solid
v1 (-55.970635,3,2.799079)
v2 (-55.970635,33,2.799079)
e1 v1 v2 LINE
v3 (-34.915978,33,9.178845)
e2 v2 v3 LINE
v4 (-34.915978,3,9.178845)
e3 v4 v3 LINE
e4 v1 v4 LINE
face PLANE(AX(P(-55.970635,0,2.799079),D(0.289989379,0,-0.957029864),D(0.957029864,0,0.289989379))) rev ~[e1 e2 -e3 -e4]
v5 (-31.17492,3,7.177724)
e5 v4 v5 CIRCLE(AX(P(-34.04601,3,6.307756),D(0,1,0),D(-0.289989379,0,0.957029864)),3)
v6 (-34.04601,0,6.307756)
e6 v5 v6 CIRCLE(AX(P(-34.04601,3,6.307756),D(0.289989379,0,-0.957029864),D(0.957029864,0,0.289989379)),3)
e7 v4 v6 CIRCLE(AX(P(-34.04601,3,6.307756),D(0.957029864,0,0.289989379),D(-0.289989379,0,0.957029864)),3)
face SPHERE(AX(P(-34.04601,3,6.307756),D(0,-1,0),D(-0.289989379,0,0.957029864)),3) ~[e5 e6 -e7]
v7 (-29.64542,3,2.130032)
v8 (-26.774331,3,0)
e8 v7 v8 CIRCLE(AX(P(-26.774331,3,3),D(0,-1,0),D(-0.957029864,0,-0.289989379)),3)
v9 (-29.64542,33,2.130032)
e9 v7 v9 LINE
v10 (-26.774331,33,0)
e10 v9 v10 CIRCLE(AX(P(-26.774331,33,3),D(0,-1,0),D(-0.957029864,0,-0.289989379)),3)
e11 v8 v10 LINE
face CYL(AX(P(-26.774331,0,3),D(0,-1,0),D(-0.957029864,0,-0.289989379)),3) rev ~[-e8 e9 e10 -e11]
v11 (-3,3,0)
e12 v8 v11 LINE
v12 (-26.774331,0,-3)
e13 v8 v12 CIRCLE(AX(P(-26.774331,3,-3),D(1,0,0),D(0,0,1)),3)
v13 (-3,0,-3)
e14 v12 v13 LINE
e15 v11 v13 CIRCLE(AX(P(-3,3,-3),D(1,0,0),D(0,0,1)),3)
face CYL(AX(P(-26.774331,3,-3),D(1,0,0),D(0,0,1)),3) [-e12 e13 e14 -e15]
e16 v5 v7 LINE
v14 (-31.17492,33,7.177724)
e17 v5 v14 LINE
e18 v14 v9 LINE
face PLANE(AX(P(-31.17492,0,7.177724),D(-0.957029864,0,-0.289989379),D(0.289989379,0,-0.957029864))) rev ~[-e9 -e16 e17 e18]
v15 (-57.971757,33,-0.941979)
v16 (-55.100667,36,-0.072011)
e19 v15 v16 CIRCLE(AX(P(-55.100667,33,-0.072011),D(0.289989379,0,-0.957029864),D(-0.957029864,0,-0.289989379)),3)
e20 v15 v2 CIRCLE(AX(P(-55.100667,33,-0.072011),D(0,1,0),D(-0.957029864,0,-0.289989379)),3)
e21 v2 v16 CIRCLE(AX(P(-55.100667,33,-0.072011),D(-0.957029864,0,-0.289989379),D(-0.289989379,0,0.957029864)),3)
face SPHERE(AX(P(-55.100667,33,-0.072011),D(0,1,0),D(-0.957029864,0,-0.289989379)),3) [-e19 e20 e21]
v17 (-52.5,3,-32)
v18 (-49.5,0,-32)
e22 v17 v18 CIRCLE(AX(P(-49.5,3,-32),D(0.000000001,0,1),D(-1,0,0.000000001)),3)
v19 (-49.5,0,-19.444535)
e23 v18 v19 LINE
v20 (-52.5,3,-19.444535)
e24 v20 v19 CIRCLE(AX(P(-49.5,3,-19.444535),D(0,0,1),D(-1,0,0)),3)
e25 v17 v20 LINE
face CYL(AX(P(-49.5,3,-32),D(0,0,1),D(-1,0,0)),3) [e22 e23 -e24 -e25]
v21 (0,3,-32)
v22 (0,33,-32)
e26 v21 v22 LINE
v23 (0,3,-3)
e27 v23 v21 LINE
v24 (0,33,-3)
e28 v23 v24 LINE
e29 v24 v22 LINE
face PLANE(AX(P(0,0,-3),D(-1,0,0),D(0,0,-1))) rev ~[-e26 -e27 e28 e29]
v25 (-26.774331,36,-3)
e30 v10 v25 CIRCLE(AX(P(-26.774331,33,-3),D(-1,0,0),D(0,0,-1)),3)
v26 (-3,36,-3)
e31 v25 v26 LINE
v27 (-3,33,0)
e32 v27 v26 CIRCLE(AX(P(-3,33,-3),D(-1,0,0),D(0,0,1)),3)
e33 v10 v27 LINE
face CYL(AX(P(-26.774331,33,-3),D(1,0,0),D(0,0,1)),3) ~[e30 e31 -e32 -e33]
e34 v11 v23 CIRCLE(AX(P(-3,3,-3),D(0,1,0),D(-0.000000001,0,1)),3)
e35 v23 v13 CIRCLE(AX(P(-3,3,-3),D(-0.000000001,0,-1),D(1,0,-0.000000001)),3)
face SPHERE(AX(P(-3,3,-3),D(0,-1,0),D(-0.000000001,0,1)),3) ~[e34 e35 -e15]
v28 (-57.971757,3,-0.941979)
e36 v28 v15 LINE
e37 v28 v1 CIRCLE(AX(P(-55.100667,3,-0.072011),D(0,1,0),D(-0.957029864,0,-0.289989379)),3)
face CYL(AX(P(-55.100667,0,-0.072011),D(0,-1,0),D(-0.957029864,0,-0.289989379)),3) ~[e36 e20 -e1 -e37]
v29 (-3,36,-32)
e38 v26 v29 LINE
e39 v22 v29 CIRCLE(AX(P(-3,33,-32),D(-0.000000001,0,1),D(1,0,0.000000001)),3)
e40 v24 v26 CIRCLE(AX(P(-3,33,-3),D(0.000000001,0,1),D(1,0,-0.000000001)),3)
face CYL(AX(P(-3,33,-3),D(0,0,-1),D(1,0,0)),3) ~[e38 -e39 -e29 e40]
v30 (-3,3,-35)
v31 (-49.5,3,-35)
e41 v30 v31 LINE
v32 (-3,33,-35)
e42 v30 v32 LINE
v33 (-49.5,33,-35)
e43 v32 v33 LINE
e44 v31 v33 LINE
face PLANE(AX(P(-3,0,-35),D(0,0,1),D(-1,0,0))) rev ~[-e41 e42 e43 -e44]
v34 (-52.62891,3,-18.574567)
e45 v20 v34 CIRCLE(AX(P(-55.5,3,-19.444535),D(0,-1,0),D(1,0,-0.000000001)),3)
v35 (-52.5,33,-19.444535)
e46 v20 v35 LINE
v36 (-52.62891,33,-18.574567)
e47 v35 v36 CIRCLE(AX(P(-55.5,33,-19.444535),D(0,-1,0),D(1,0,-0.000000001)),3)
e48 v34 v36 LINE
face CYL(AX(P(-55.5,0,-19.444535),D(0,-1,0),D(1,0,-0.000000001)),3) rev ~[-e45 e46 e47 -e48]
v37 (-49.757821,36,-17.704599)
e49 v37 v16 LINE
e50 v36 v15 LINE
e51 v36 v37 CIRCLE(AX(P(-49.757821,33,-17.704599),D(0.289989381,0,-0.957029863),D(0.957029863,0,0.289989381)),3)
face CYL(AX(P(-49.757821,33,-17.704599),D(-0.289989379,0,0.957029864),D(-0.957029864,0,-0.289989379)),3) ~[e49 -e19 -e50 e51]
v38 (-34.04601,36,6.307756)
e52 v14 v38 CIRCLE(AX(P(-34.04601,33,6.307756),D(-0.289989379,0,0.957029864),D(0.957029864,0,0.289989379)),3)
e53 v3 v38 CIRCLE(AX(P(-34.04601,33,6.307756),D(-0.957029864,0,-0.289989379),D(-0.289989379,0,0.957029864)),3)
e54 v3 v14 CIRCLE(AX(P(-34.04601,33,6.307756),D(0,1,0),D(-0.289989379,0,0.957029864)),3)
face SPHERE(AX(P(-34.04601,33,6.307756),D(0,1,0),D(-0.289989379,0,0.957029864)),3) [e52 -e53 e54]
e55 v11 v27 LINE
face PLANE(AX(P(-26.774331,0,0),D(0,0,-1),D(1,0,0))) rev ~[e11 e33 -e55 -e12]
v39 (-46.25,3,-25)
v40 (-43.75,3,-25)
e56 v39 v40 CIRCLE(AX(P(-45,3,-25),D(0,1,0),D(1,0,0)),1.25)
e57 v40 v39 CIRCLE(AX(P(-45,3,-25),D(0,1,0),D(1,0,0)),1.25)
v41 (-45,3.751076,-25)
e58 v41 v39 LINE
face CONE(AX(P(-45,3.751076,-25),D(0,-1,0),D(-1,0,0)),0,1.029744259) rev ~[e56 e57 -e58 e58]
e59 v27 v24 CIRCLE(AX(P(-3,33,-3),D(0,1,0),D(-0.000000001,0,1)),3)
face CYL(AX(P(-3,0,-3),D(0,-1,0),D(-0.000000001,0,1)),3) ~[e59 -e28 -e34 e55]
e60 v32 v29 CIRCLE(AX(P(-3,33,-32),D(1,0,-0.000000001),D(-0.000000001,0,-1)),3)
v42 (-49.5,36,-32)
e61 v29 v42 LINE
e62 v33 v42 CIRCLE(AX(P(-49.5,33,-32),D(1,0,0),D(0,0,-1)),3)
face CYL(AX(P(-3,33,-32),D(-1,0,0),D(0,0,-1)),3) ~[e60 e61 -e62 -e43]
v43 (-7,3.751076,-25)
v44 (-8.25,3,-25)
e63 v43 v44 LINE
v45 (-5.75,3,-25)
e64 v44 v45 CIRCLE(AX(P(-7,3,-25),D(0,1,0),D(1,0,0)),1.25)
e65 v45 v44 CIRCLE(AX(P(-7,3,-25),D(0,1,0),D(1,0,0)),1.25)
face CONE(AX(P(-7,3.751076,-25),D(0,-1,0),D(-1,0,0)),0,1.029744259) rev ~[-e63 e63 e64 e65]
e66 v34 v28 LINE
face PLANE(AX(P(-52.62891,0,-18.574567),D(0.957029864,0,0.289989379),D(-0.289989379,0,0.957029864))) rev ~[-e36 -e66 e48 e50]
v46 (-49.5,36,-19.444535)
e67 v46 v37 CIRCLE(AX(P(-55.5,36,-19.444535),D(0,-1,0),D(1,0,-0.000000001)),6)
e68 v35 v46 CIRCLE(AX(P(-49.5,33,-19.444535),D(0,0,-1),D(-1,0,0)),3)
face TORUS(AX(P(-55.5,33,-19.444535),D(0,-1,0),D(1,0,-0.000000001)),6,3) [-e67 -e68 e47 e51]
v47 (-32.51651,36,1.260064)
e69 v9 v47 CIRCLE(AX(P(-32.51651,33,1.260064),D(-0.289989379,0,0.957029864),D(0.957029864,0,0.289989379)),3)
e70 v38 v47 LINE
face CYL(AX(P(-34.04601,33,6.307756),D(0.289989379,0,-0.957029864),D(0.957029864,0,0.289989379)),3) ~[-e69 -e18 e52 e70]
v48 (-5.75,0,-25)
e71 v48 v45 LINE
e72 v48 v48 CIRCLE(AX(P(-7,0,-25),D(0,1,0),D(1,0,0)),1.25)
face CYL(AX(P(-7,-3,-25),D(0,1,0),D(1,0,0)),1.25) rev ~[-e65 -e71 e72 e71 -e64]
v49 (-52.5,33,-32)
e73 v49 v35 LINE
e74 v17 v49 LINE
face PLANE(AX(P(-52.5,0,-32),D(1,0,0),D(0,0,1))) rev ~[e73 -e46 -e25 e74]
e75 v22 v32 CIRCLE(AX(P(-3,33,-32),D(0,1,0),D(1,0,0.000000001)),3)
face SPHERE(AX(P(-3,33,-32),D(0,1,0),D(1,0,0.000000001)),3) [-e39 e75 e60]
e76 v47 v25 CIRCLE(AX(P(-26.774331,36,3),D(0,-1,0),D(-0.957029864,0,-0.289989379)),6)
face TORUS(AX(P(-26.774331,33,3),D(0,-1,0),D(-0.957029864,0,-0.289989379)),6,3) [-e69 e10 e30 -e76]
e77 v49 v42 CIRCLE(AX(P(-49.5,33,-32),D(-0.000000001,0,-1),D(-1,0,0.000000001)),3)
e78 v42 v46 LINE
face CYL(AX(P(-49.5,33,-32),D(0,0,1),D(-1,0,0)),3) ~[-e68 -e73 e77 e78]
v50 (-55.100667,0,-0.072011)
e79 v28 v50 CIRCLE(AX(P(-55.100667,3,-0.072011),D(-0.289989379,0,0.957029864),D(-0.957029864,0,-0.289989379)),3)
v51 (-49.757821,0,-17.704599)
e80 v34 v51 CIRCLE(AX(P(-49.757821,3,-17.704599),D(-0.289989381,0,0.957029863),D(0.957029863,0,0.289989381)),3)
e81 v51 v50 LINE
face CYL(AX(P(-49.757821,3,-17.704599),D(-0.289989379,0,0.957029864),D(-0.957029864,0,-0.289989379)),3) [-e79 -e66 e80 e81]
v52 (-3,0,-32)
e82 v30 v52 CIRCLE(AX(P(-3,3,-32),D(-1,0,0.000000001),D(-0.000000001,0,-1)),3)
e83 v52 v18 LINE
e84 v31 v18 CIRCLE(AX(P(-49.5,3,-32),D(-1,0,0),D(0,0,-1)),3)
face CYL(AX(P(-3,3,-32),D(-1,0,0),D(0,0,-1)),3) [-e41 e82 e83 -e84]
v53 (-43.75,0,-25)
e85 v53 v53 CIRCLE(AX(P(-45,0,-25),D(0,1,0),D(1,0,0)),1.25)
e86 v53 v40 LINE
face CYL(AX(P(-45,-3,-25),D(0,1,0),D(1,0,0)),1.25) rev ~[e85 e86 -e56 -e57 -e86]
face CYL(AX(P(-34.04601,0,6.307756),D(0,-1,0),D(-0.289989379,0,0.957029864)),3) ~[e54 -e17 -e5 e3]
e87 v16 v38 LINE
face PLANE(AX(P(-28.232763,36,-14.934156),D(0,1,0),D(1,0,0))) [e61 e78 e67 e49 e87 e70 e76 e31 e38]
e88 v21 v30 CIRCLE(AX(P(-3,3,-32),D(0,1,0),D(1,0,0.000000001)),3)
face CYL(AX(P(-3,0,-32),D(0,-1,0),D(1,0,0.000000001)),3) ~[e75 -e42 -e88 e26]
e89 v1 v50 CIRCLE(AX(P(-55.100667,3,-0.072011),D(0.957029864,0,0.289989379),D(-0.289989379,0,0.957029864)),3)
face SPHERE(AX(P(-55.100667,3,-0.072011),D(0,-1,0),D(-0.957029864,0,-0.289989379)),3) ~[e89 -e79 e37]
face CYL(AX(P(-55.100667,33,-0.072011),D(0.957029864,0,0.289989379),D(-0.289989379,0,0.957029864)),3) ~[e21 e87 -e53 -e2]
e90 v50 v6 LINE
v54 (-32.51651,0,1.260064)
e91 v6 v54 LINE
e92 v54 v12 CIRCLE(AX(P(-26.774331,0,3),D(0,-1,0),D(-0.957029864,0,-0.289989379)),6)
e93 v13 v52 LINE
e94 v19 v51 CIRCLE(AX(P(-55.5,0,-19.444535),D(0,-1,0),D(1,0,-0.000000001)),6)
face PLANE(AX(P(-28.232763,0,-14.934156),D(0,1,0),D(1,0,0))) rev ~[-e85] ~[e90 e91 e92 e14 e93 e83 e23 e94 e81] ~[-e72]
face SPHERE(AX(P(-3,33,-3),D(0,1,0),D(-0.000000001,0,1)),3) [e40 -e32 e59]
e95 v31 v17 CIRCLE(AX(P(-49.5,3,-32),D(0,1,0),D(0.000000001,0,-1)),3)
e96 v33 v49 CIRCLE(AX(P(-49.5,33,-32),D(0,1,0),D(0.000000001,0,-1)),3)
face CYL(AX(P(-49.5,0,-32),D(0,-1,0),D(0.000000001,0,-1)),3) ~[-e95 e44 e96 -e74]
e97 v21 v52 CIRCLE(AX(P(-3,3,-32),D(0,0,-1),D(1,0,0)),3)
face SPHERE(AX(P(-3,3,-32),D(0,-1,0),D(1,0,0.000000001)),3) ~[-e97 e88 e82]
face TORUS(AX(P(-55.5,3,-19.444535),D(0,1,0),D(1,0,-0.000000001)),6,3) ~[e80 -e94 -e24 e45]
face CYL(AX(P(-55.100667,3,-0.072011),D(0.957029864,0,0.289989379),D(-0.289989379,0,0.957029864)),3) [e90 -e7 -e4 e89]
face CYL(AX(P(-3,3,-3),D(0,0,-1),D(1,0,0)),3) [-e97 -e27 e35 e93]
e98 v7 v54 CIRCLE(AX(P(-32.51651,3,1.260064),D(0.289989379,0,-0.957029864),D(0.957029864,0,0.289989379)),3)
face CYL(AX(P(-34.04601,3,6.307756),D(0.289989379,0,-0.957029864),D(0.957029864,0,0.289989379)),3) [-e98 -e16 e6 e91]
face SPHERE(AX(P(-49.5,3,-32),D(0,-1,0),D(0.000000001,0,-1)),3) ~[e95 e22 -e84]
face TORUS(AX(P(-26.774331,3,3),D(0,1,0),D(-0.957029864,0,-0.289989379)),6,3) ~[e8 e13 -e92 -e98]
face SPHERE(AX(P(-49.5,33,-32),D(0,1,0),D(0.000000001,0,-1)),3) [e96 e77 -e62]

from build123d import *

# Parameters (mm, degrees)
BOSS_EXTRUDE1_DEPTH             = 36
FILLET1_R                       = 3
TAP_DRILL_FOR_M3X0_5_TAP1_D     = 2.5
TAP_DRILL_FOR_M3X0_5_TAP1_DEPTH = 3
TAP_DRILL_FOR_M3X0_5_TAP1_TIP   = 0.751075774


with BuildPart() as part:
    # Sketch1 → Boss-Extrude1 (new body)
    with BuildSketch(Plane(origin=(0, 0, 0), x_dir=(1, 0, 0), z_dir=(0, 1, 0))):
        with BuildLine():
            Line((0, 3), (0, 32))
            ThreePointArc((0, 32), (-0.878679656, 34.121320344), (-3, 35))
            Line((-3, 35), (-49.5, 35))
            ThreePointArc((-49.5, 35), (-51.621320344, 34.121320344), (-52.5, 32))
            Line((-52.5, 32), (-52.5, 19.444534932))
            ThreePointArc((-52.5, 19.444534932), (-52.53240259, 19.004801361), (-52.628910409, 18.574566795))
            Line((-52.628910409, 18.574566795), (-57.971756527, 0.941978638))
            ThreePointArc((-57.971756527, 0.941978638), (-57.745994224, -1.34299605), (-55.970635073, -2.799079091))
            Line((-55.970635073, -2.799079091), (-34.915978072, -9.178845431))
            ThreePointArc((-34.915978072, -9.178845431), (-32.631003385, -8.953083129), (-31.174920343, -7.177723978))
            Line((-31.174920343, -7.177723978), (-29.645420421, -2.130031863))
            ThreePointArc((-29.645420421, -2.130031863), (-28.561800492, -0.590653158), (-26.77433083, 0))
            Line((-26.77433083, 0), (-3, 0))
            ThreePointArc((-3, 0), (-0.878679656, 0.878679656), (0, 3))
        make_face()
    extrude(amount=BOSS_EXTRUDE1_DEPTH)

    # Fillet1
    fillet1_edges = [part.edges().sort_by_distance(p)[0] for p in [
        (-0.878679656, 36, -34.121320344),
        (-14.887165415, 0, 0),
        (-28.561800492, 0, 0.590653158),
        (-26.25, 36, -35),
        (-30.410170382, 0, 4.65387792),
        (-32.631003385, 0, 8.953083129),
        (-45.443306572, 0, 5.988962261),
        (-57.745994224, 0, 1.34299605),
        (-55.300333468, 0, -9.758272716),
        (-52.53240259, 0, -19.004801361),
        (-52.5, 0, -25.722267466),
        (-51.621320344, 36, -34.121320344),
        (-51.621320344, 0, -34.121320344),
        (-26.25, 0, -35),
        (-0.878679656, 0, -34.121320344),
        (0, 0, -17.5),
        (-0.878679656, 0, -0.878679656),
        (-52.5, 36, -25.722267466),
        (-52.53240259, 36, -19.004801361),
        (-55.300333468, 36, -9.758272716),
        (-57.745994224, 36, 1.34299605),
        (-45.443306572, 36, 5.988962261),
        (-32.631003385, 36, 8.953083129),
        (-30.410170382, 36, 4.65387792),
        (-0.878679656, 36, -0.878679656),
        (-28.561800492, 36, 0.590653158),
        (-14.887165415, 36, 0),
        (0, 36, -17.5),
    ]]
    fillet(fillet1_edges, radius=FILLET1_R)

    # Tap Drill for M3x0.5 Tap1
    with Locations(Plane(origin=(0, 0, 0), x_dir=(-1, 0, 0), z_dir=(0, -1, 0))):
        with Locations((7, 25), (45, 25)):
            Hole(TAP_DRILL_FOR_M3X0_5_TAP1_D / 2, depth=TAP_DRILL_FOR_M3X0_5_TAP1_DEPTH)
            with Locations((0, 0, -(TAP_DRILL_FOR_M3X0_5_TAP1_DEPTH + TAP_DRILL_FOR_M3X0_5_TAP1_TIP / 2))):  # 118° drill point
                Cone(0, TAP_DRILL_FOR_M3X0_5_TAP1_D / 2, TAP_DRILL_FOR_M3X0_5_TAP1_TIP, mode=Mode.SUBTRACT)


solid = part.part
